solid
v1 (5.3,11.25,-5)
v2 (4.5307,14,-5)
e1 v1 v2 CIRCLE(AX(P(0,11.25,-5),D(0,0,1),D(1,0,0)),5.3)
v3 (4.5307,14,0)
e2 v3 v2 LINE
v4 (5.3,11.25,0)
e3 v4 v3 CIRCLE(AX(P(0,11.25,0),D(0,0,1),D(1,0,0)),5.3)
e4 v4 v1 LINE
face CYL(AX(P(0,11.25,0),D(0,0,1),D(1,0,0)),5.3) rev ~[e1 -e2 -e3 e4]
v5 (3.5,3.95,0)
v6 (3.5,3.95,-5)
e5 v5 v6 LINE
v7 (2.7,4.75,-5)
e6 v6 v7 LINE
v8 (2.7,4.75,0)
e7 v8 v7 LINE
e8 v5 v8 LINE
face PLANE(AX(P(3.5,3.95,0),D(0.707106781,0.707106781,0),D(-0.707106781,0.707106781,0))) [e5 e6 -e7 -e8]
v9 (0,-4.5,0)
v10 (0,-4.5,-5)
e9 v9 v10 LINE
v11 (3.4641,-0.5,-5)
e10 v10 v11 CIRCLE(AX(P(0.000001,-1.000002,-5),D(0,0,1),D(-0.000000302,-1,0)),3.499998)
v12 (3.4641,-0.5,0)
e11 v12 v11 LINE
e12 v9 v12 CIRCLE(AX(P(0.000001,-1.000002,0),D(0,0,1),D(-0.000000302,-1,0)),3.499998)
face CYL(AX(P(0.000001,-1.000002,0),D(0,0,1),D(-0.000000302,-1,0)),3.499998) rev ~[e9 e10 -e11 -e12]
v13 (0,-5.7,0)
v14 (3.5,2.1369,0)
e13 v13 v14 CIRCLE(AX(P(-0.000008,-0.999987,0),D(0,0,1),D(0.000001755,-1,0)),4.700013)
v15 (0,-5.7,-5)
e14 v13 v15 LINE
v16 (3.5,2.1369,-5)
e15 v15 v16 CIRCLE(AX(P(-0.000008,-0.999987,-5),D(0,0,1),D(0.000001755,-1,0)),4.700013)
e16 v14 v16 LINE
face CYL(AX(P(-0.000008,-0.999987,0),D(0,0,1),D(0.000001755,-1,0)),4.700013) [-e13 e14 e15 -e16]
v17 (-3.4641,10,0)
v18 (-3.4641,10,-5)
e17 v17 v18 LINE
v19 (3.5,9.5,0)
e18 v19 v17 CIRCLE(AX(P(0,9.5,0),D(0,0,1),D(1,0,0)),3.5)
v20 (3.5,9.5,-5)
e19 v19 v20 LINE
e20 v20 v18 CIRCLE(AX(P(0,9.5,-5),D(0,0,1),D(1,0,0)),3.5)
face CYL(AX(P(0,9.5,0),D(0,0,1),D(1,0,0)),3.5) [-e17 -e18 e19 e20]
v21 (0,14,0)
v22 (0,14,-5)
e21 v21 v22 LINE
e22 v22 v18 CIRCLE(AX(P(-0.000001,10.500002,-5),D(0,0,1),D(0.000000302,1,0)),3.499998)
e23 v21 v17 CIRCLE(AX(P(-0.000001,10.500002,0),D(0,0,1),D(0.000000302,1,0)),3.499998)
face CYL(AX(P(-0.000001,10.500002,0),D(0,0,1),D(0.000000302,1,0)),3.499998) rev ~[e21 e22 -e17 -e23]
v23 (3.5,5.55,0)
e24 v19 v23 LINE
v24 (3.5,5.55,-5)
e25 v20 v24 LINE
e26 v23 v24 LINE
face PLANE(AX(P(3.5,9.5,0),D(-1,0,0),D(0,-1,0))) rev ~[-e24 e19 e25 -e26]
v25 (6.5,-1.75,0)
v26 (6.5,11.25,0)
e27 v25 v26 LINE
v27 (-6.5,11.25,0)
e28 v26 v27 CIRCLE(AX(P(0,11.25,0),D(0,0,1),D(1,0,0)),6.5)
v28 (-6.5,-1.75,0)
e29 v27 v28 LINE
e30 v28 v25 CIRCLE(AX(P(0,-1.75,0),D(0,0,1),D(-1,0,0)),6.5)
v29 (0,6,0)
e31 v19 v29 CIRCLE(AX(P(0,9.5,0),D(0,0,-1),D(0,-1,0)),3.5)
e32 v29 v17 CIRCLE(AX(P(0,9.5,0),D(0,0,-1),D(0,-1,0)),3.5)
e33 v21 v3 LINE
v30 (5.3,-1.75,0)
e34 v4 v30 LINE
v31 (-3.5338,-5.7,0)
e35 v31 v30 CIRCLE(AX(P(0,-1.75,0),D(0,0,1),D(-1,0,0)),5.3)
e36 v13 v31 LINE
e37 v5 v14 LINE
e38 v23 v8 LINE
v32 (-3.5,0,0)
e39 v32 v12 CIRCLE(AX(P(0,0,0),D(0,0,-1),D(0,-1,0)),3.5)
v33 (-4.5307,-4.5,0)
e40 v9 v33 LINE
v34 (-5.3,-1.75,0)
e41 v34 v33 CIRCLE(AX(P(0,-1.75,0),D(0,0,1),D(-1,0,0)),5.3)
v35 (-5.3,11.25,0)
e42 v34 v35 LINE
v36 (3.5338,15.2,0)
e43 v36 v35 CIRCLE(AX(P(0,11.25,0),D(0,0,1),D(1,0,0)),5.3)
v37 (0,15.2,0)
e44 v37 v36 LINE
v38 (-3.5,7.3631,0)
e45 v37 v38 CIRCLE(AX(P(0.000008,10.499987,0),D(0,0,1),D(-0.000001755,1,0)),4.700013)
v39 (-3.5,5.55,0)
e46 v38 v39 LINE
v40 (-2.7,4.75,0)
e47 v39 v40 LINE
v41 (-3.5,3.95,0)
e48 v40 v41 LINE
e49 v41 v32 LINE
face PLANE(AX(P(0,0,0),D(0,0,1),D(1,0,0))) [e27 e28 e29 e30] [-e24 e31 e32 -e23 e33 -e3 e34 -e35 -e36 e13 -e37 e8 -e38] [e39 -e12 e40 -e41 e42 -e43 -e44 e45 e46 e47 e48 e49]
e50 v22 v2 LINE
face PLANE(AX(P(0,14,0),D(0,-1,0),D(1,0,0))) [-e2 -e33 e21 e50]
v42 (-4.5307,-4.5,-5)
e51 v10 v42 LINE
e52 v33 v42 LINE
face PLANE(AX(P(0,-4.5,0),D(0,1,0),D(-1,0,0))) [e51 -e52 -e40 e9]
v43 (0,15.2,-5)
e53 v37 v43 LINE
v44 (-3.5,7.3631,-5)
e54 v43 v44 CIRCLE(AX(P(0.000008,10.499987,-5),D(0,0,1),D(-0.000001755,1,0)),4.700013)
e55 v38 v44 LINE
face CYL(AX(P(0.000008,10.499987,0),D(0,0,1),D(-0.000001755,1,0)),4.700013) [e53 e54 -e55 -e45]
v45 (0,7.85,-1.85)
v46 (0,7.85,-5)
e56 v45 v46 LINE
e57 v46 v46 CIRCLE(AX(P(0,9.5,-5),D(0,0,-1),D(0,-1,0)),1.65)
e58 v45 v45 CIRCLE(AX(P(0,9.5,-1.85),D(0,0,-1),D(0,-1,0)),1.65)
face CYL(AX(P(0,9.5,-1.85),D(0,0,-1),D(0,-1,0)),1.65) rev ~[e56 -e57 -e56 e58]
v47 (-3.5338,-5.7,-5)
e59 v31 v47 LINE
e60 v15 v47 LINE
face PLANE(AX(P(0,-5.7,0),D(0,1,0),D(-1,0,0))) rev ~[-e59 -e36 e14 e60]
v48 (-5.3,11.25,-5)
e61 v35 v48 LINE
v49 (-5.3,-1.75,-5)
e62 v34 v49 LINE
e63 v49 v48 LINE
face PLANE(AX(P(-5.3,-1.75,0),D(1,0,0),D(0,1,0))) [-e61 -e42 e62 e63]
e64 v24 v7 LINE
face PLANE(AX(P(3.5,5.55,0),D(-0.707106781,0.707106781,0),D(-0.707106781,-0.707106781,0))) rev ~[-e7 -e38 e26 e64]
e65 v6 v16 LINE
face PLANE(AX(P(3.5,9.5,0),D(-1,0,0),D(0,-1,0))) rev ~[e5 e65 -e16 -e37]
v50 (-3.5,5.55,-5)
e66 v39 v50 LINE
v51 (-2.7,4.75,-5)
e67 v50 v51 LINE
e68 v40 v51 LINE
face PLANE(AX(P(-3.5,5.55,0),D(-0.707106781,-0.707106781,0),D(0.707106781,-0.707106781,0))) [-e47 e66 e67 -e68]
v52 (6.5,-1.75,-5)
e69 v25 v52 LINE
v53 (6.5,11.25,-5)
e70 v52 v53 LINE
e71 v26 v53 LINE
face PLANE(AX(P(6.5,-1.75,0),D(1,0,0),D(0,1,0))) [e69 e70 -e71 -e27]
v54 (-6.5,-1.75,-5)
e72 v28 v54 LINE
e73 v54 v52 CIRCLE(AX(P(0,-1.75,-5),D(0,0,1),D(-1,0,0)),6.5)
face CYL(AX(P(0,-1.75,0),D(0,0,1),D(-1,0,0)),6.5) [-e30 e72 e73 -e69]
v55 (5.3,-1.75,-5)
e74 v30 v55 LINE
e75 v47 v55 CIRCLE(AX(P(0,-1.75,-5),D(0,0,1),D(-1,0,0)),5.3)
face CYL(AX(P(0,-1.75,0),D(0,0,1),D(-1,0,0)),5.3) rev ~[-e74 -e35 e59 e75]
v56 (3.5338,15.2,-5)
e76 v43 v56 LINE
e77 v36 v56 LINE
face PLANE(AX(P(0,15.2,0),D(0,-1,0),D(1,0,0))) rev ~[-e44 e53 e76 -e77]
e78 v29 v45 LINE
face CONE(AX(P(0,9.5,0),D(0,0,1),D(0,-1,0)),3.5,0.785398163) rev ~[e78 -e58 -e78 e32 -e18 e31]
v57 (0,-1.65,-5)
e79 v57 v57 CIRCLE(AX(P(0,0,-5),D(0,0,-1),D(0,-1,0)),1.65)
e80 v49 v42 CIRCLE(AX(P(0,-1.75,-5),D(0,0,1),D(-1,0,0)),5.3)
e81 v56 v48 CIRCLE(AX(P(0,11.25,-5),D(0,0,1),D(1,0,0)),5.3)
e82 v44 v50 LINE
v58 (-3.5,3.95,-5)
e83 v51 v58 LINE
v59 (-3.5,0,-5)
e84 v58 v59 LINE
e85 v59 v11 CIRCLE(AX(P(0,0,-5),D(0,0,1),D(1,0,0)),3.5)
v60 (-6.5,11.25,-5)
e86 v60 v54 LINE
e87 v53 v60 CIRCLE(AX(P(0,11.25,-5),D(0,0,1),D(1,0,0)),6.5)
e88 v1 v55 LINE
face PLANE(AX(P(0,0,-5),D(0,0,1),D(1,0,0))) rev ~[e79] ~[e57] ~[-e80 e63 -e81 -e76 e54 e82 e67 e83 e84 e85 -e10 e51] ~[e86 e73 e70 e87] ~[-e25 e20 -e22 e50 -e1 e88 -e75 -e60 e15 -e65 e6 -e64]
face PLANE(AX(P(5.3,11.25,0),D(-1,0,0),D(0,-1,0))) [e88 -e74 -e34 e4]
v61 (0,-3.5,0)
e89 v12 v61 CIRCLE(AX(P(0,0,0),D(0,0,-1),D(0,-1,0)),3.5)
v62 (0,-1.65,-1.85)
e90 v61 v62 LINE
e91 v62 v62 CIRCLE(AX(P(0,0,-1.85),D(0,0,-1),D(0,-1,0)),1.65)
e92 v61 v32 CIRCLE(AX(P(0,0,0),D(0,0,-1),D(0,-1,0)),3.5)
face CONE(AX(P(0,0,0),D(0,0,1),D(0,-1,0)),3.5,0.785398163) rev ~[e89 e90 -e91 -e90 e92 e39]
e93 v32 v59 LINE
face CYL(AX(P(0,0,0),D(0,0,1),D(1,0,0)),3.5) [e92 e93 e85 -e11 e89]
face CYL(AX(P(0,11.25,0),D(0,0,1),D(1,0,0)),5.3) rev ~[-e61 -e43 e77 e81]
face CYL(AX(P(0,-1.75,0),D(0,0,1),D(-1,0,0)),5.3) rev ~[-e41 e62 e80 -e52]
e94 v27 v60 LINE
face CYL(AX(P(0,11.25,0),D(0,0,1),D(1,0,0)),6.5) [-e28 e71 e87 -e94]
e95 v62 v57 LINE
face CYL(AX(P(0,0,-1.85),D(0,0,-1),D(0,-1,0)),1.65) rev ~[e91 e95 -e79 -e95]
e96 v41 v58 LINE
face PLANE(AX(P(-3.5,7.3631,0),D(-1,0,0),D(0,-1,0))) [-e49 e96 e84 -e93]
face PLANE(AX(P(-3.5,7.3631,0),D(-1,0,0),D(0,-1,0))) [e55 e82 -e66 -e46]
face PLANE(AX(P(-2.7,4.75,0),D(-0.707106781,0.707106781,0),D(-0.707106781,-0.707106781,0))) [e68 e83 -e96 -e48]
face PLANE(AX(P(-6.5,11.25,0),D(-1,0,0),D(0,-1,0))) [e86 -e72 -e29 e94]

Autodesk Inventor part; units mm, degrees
ref_plane "YZ Plane" through (0, 0, 0) normal (1, 0, 0) x (0, 1, 0)
ref_plane "XZ Plane" through (0, 0, 0) normal (0, 1, 0) x (-1, 0, 0)
ref_plane "XY Plane" through (0, 0, 0) normal (0, 0, 1) x (1, 0, 0)
sketch "Skizze1" plane through (0, 0, 0) normal (0, 0, 1) x (1, 0, 0)
  line L0 (0, -1.75) -> (0, 11.25) construction
  line L1 (6.5, -1.75) -> (6.5, 11.25)
  line L2 (-6.5, 11.25) -> (-6.5, -1.75)
  arc A0 (-6.5, -1.75) -> (6.5, -1.75) centre (0, -1.75) ccw
  arc A1 (6.5, 11.25) -> (-6.5, 11.25) centre (0, 11.25) ccw
  line L3 (0, 0) -> (0, 9.5) construction
  line L4 (5, -11) -> (-5, -11) construction
  line L5 (0, 0) -> (0, -11) construction
  line L6 (-8.5, 9.1711) -> (-8.5, -11) construction
  point P0 (0, 4.75)
  dimension "d0" = 13
  dimension "d1" = 13
  dimension "d14" = 9.5
  dimension "d17" = 0
  dimension "d26" = 11
  dimension "d27" = 10
  dimension "d28" = 9.25
  dimension "d29" = 8.5
  dimension "d30" = 8.5
extrude "Extrusion1" add sketch "Skizze1" against normal blind 5
hole "Bohrung2" at (0, 9.5, 0) at (0, 0, 0) direction (0, 0, -1) diameter 3.3 end through all countersink diameter 7 countersink angle 90
sketch "Skizze5" plane through (0, 0, 0) normal (0, 0, 1) x (1, 0, 0)
  circle A0 centre (0, 9.5) radius 3.5 projected
  circle A1 centre (0, 0) radius 3.5 projected
  line L0 (6.5, -1.75) -> (6.5, 11.25) projected
  arc A2 (6.5, 11.25) -> (-6.5, 11.25) centre (0, 11.25) ccw projected
  line L1 (-6.5, 11.25) -> (-6.5, -1.75) projected
  arc A3 (-6.5, -1.75) -> (6.5, -1.75) centre (0, -1.75) ccw projected
  arc A4 (5.3, 11.25) -> (-5.3, 11.25) centre (0, 11.25) ccw
  line L2 (5.3, 11.25) -> (5.3, -1.75)
  arc A5 (-5.3, -1.75) -> (5.3, -1.75) centre (0, -1.75) ccw
  line L3 (-5.3, -1.75) -> (-5.3, 11.25)
  arc A6 (0, 14) -> (-3.4641, 10) centre (0, 10.5) ccw
  arc A7 (0, 15.2) -> (-3.5, 7.3631) centre (0, 10.5) ccw
  line L4 (-3.5, 9.5) -> (-3.5, 0)
  line L5 (3.5, 9.5) -> (3.5, 0)
  circle A8 centre (0, 9.5) radius 3.5 projected
  circle A9 centre (0, 0) radius 3.5 projected
  line L6 (0, 23.6739) -> (0, -14.1739) construction
  arc A10 (0, -5.7) -> (3.5, 2.1369) centre (0, -1) ccw
  line L7 (0, -4.5) -> (-4.5307, -4.5)
  line L8 (0, -5.7) -> (-3.5338, -5.7)
  line L9 (0, 15.2) -> (3.5338, 15.2)
  line L10 (0, 14) -> (4.5307, 14)
  arc A11 (0, -4.5) -> (3.4641, -0.5) centre (0, -1) ccw
  point P0 (3.5, 2.6665)
  dimension "d47" = 1.2
  dimension "d48" = 1.2
  dimension "d50" = 1
  dimension "d60" = 3.5
  dimension "d61" = 1
  dimension "d62" = 1.2
  dimension "d63" = 3.5
extrude "Extrusion4" cut sketch "Skizze5" against normal through all contours A0 A6 L10 A4 L2 A5 L8 A10 L5 | L4 A1 A11 L7 A5 L3 A4 L9 A7
sketch "Skizze6" plane through (0, 0, 0) normal (0, 0, 1) x (1, 0, 0)
  line L0 (-3.5, 7.3631) -> (-3.5, 0) projected
  line L1 (3.5, 2.1369) -> (3.5, 9.5) projected
  circle A0 centre (0, 9.5) radius 1.65 projected
  circle A1 centre (0, 0) radius 1.65 projected
  line L2 (0, 0) -> (0, 9.5) construction
  line L3 (3.5, 4.75) -> (-3.5, 4.75) construction
  line L4 (3.5, 5.55) -> (2.7, 4.75)
  line L5 (3.5, 3.95) -> (2.7, 4.75)
  line L6 (-3.5, 5.55) -> (-2.7, 4.75)
  line L7 (-2.7, 4.75) -> (-3.5, 3.95)
  point P0 (0, 4.75)
  dimension "d64" = 0.8
extrude "Markierung" cut sketch "Skizze6" against normal through all contours L6 L7 L0 | L5 L4 L1
equation "\"d_Boden\" = 9.5"
equation "\"d_Vorne\" = 9"
equation "\"d_Arm\" = 1.2"
properties part number "Dribbler Slider v2" material "Gummi, Silikon"
